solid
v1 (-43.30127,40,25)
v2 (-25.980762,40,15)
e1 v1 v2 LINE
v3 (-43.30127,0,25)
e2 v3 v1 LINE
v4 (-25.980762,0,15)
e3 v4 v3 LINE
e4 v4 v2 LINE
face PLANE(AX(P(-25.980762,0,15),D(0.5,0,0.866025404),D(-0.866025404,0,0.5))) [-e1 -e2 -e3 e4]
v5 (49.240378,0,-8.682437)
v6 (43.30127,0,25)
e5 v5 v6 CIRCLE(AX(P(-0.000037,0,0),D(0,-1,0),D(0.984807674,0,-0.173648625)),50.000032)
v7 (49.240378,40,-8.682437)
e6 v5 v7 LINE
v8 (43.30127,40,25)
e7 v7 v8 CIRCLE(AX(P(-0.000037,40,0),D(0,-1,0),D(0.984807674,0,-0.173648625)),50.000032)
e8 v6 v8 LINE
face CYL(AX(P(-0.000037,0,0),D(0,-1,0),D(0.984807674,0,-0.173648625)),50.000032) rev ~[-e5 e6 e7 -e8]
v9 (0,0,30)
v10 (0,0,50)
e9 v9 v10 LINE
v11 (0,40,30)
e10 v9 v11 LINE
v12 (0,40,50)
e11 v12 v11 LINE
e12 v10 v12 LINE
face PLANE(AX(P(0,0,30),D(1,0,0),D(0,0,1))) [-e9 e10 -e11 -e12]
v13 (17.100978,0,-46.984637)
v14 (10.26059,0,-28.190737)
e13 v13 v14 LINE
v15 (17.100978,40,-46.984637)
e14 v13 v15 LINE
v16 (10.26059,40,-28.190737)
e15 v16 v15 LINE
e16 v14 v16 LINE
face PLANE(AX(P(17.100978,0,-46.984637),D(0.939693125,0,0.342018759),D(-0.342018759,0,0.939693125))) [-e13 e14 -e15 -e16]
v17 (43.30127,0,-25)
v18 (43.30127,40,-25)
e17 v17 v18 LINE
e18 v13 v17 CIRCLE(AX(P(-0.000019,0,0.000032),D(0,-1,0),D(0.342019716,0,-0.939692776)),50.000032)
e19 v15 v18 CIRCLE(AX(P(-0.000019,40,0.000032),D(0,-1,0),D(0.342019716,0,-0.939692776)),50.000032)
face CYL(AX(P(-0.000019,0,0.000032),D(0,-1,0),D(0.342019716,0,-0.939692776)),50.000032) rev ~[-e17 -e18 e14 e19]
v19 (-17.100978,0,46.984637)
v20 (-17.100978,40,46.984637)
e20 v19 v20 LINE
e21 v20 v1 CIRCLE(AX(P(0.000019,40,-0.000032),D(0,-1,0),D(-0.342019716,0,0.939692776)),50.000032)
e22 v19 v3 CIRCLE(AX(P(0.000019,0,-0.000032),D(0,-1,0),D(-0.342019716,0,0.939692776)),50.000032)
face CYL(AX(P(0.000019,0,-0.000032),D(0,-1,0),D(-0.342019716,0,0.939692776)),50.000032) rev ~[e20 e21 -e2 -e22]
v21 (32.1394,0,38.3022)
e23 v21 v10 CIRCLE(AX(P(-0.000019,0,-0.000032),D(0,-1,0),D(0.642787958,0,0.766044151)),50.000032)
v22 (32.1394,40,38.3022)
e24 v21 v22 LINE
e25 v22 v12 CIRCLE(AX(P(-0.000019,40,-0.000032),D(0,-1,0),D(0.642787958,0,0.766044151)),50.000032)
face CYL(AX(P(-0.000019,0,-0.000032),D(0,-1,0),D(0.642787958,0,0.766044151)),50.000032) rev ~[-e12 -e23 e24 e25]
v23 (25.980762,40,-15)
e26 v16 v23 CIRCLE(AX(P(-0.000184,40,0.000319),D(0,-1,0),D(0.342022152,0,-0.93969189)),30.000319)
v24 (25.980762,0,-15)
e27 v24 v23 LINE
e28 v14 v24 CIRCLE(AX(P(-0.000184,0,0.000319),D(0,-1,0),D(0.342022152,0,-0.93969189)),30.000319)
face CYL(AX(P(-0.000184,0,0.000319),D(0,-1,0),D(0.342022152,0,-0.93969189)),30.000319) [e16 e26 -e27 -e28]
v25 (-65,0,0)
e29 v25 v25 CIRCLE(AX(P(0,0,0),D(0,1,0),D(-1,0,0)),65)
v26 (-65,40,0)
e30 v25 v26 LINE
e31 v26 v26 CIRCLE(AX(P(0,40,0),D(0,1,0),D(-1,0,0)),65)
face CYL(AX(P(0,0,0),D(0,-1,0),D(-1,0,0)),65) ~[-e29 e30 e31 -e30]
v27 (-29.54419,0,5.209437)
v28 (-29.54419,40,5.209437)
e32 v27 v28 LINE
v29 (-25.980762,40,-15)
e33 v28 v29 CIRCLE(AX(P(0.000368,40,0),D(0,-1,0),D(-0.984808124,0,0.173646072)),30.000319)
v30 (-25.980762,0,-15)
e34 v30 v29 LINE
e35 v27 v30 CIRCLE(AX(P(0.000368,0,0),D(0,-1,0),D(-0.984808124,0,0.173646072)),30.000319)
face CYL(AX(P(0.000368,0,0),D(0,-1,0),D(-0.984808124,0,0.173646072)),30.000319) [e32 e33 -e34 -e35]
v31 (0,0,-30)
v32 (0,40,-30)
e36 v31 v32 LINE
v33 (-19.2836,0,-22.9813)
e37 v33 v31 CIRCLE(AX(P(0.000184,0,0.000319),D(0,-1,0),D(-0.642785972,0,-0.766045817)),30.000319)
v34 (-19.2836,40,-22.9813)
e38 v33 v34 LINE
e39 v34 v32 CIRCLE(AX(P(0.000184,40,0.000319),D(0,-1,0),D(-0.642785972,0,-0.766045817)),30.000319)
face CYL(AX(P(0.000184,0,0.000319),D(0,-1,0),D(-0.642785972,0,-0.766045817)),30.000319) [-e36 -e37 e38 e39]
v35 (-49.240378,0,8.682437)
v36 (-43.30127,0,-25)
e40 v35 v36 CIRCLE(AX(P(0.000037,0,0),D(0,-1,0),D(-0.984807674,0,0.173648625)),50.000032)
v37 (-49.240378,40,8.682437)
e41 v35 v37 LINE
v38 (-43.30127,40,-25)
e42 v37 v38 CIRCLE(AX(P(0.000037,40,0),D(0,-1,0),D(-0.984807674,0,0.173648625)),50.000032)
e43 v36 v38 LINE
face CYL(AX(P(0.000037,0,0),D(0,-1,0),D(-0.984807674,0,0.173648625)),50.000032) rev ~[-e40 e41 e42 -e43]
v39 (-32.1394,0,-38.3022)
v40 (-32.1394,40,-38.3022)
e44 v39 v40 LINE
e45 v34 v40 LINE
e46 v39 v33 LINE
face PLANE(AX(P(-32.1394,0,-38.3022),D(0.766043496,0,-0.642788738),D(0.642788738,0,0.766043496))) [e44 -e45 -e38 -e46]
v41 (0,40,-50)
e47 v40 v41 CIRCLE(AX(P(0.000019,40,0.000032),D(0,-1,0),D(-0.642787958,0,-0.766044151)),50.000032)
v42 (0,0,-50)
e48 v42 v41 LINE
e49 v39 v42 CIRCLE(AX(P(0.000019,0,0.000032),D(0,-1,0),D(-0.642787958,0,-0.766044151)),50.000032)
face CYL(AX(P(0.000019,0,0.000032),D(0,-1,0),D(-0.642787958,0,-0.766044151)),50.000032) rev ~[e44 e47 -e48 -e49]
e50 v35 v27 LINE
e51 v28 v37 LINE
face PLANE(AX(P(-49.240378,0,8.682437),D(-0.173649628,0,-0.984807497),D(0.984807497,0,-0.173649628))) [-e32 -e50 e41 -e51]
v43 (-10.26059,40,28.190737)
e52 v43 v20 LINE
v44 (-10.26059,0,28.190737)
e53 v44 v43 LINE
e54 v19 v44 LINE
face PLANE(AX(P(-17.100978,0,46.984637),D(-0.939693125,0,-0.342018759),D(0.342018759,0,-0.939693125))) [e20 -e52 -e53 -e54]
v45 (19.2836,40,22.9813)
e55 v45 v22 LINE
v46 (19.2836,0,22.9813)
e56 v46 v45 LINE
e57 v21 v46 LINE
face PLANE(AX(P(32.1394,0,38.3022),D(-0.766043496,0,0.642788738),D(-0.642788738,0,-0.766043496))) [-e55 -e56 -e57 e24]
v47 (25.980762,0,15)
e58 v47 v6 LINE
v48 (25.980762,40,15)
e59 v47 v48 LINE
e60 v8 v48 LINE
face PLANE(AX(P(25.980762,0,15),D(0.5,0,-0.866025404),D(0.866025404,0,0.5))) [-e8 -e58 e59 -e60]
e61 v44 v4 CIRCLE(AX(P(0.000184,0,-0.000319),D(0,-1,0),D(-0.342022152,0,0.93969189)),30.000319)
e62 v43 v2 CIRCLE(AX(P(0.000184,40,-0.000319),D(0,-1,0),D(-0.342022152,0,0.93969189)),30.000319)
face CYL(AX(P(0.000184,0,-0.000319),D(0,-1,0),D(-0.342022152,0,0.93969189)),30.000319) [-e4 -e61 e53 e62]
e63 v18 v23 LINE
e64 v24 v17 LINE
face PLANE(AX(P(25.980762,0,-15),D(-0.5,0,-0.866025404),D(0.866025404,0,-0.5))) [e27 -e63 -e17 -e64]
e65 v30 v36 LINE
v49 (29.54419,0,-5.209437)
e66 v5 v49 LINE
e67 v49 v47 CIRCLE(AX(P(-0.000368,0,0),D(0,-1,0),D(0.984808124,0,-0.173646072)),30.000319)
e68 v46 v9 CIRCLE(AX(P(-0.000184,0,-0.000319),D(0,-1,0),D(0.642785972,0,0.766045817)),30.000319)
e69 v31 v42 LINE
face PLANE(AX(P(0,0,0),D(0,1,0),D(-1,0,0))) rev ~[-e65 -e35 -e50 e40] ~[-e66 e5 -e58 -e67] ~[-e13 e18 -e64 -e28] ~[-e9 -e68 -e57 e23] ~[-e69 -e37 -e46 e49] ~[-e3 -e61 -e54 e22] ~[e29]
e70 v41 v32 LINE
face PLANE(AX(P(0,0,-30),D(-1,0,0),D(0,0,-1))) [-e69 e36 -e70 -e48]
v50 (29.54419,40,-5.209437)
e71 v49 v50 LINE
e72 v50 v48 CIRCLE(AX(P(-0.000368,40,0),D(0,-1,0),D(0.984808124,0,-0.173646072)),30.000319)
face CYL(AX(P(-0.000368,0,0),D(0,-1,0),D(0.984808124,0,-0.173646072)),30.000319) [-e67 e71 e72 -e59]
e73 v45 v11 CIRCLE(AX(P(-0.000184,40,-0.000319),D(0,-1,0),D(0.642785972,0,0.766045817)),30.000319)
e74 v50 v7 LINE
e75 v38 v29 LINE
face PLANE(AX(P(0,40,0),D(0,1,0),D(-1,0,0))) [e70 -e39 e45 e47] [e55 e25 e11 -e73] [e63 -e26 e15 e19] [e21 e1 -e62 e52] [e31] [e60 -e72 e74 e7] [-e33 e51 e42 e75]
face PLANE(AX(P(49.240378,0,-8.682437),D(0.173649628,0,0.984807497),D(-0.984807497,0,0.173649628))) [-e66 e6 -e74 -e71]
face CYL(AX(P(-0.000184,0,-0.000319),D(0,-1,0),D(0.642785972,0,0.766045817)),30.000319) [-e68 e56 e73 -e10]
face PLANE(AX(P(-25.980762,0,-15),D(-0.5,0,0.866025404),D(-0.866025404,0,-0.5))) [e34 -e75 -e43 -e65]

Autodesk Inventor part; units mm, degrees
ref_plane "YZ Plane" through (0, 0, 0) normal (1, 0, 0) x (0, 1, 0)
ref_plane "XZ Plane" through (0, 0, 0) normal (0, 1, 0) x (-1, 0, 0)
ref_plane "XY Plane" through (0, 0, 0) normal (0, 0, 1) x (1, 0, 0)
sketch "Sketch1" plane through (0, 0, 0) normal (0, 1, 0) x (-1, 0, 0)
  circle A0 centre (0, 0) radius 65
  dimension "d0" = 130
extrude "Extrusion1" add sketch "Sketch1" along normal blind 40
sketch "Sketch2" plane through (0, 0, 0) normal (0, -1, 0) x (1, 0, 0)
  line L0 (0, 0) -> (0, 50)
  arc A0 (32.1394, 38.3022) -> (0, 50) centre (0, 0) ccw
  arc A1 (19.2836, 22.9813) -> (0, 30) centre (0, 0) ccw
  line L1 (0, 0) -> (19.2836, 22.9813)
  line L2 (32.1394, 38.3022) -> (19.2836, 22.9813)
  dimension "d4" = 40
  dimension "d5" = 30
  dimension "d6" = 50
extrude "Extrusion2" cut sketch "Sketch2" against normal through all contours L0 A0 L2 A1
pattern_circular "Circular Pattern1" count 6 over 360 about axis through (0, 0, 0) along (0, 1, 0) of "Extrusion2"
properties part number "Large Flywheel"
